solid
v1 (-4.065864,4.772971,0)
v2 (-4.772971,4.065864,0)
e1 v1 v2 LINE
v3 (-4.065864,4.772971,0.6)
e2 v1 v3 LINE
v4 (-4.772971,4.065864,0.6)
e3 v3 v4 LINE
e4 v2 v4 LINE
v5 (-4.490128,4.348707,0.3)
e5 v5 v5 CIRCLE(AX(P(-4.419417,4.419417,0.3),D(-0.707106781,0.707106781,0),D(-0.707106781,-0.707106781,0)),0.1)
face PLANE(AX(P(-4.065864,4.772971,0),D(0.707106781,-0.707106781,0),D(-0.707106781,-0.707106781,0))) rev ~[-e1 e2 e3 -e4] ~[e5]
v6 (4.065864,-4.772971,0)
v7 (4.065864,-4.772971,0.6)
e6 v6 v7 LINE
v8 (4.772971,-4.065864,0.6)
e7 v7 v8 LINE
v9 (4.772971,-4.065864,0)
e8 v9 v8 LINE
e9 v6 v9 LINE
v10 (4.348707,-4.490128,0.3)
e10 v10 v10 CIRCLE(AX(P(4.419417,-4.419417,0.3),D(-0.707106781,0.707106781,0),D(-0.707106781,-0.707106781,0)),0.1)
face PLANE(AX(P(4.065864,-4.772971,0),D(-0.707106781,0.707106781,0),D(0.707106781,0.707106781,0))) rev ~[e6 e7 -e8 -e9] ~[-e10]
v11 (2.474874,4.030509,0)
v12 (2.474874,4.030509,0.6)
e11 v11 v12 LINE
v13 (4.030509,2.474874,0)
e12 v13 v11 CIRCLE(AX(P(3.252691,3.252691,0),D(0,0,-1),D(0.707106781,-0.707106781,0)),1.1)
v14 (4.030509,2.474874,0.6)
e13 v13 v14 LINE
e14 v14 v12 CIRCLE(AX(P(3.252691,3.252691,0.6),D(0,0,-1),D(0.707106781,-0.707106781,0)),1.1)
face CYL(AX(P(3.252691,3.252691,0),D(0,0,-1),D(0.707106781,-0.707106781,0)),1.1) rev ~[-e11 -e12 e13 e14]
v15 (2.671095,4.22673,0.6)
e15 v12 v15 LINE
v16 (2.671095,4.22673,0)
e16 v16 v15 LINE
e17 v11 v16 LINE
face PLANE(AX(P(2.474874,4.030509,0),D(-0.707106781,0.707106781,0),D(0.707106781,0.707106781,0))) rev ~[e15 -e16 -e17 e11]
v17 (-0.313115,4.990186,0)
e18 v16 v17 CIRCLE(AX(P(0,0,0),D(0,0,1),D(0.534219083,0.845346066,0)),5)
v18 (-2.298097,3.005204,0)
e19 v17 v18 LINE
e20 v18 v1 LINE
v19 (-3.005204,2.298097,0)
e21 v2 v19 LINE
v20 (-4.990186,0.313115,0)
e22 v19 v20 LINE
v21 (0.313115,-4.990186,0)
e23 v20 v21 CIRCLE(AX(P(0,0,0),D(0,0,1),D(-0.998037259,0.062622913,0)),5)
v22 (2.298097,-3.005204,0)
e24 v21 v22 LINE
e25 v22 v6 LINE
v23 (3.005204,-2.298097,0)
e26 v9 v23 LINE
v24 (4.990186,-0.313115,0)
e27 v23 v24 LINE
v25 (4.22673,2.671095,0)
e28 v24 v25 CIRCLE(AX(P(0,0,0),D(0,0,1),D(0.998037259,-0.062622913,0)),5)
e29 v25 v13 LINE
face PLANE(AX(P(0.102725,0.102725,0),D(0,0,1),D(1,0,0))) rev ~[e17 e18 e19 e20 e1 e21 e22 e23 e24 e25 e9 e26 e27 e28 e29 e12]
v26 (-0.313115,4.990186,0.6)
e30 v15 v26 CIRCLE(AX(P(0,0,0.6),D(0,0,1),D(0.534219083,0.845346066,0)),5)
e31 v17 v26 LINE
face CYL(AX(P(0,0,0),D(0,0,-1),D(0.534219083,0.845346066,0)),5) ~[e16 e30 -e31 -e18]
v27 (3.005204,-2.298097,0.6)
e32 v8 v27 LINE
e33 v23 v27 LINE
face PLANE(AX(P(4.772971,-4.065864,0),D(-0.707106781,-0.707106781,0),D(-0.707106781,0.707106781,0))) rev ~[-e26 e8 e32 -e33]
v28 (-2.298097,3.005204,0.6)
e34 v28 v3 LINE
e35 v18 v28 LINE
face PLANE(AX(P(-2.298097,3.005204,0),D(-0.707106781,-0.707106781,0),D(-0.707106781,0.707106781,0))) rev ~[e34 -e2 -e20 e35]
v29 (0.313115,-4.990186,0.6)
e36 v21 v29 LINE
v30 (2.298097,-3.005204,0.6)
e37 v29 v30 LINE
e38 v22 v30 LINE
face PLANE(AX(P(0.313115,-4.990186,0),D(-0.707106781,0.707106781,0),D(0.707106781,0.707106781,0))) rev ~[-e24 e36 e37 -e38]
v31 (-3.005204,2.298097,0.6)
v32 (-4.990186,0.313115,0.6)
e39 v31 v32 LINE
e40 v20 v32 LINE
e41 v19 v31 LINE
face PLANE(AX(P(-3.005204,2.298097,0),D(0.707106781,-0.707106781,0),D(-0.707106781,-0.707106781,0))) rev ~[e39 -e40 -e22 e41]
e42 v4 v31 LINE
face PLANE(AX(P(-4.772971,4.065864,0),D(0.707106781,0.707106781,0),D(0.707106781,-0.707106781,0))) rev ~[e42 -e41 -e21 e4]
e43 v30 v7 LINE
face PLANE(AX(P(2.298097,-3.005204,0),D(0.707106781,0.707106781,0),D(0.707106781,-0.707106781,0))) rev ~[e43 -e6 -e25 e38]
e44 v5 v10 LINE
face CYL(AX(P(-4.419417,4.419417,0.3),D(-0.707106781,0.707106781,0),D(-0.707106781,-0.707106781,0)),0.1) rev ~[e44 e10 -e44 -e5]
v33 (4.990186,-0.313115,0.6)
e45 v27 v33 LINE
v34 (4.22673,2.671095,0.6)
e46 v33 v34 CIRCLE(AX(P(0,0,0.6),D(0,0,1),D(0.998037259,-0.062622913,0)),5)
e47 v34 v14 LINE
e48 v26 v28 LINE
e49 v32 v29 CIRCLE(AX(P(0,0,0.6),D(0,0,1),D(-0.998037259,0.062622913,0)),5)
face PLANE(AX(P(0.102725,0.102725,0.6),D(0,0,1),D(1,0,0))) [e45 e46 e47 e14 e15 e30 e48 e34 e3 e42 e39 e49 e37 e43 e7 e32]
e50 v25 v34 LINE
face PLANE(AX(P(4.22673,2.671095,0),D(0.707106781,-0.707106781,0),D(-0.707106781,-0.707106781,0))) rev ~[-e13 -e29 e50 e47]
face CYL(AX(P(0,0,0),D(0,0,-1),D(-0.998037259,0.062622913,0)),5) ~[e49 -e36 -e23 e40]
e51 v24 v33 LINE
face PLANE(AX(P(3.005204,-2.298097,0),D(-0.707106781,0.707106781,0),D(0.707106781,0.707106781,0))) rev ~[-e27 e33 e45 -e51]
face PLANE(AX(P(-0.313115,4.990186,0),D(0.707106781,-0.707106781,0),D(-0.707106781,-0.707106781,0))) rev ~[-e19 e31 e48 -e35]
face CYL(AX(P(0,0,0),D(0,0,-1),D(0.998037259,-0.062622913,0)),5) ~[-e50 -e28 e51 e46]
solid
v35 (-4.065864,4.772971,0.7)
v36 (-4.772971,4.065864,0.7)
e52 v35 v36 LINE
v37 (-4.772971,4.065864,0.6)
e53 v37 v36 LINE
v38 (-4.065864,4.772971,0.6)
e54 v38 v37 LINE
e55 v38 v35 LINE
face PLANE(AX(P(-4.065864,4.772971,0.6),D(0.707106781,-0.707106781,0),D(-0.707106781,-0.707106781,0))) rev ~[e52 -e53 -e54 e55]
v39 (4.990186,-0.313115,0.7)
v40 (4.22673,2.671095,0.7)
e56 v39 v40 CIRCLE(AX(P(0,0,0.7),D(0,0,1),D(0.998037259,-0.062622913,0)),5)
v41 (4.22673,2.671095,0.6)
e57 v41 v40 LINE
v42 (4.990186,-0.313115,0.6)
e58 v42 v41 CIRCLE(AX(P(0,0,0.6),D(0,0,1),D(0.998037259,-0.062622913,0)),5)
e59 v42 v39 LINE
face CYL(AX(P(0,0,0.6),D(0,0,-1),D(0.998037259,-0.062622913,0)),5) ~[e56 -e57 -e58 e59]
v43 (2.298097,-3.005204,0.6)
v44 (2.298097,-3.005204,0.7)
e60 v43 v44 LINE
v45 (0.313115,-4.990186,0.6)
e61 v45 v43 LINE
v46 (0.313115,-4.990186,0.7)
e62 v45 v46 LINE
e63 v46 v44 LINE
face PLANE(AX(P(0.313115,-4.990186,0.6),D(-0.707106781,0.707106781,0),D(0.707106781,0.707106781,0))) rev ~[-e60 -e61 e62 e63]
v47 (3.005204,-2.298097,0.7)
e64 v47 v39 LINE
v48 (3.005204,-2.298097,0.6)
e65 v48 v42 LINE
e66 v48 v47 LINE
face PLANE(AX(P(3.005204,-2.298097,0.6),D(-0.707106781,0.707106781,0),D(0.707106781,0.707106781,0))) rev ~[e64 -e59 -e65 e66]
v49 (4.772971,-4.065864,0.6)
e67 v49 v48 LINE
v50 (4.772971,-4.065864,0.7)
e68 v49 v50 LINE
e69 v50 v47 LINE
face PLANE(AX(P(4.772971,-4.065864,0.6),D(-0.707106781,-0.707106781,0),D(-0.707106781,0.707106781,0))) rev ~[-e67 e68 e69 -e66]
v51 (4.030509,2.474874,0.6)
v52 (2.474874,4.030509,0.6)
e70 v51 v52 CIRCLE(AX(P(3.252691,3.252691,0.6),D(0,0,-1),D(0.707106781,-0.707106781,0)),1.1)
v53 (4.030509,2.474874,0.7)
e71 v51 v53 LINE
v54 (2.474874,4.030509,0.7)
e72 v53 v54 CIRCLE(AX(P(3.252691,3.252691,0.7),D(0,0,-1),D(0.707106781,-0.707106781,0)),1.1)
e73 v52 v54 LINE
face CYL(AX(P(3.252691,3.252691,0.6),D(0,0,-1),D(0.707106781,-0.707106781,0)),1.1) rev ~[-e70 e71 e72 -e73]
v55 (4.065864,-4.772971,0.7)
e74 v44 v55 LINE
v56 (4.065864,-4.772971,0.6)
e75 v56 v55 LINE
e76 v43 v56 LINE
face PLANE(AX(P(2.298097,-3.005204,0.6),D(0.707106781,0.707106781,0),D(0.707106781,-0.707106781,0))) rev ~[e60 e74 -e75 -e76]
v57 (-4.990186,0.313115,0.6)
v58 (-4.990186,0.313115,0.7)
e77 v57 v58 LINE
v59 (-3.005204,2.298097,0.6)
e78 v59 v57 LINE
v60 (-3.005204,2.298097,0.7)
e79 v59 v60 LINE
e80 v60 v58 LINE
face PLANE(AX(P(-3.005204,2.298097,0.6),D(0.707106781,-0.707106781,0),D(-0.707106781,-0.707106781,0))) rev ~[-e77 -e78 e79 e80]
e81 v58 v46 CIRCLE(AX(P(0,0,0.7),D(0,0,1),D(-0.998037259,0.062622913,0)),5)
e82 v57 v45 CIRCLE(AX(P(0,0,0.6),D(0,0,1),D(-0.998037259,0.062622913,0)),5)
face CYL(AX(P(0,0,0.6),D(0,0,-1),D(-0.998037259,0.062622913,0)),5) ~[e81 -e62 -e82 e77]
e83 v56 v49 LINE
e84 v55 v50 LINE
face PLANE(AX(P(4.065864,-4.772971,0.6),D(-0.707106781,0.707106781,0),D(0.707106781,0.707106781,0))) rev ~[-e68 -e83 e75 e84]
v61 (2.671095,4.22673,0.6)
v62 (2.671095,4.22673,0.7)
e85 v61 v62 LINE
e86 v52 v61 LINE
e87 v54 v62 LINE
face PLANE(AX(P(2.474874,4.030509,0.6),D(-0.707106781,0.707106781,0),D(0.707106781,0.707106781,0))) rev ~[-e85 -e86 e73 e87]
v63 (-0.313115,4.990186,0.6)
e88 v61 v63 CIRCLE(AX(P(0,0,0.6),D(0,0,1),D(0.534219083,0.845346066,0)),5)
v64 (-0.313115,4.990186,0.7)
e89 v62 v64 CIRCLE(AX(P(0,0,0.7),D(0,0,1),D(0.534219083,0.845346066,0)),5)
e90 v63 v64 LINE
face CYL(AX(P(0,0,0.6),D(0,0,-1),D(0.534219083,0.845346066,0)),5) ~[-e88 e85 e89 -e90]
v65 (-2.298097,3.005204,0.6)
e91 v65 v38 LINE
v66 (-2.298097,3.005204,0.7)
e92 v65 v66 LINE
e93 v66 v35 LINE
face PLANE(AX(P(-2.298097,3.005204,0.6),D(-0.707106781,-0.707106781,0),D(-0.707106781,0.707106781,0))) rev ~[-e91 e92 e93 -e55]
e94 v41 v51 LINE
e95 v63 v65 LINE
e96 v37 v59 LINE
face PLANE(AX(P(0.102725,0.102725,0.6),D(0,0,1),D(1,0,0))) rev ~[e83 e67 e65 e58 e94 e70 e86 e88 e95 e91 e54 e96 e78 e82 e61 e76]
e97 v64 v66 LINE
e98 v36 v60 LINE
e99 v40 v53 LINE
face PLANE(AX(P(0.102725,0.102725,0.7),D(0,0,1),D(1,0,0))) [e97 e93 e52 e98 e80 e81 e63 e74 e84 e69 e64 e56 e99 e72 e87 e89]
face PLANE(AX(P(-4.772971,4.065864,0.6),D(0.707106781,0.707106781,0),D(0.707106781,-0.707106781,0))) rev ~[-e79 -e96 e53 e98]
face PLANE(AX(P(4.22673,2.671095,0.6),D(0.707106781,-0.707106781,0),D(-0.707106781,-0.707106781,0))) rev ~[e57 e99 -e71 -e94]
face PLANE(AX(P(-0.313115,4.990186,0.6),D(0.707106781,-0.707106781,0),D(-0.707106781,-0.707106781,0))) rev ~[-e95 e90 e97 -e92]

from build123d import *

# Parameters (mm, degrees)
F1_DEPTH = 0.6
F2_R     = 0.1
F3_DEPTH = 12.5
F5_DEPTH = 0.1


with BuildPart() as f1:
    # F0 (on Top) → F1 (new body)
    with BuildSketch(Plane.XY):
        with BuildLine():
            Line((-3.00520382, 2.2980970389), (-4.9901862962, 0.3131145627))
            ThreePointArc((-4.9901862962, 0.3131145627), (-3.5355339059, -3.5355339059), (0.3131145627, -4.9901862962))
            Line((0.3131145627, -4.9901862962), (2.2980970389, -3.00520382))
            Line((2.2980970389, -3.00520382), (4.0658639918, -4.772970773))
            Line((4.0658639918, -4.772970773), (4.772970773, -4.0658639918))
            Line((4.772970773, -4.0658639918), (3.00520382, -2.2980970389))
            Line((3.00520382, -2.2980970389), (4.9901862962, -0.3131145627))
            ThreePointArc((4.9901862962, -0.3131145627), (4.8439927049, 1.2392476245), (4.2267303315, 2.6710954129))
            Line((4.2267303315, 2.6710954129), (4.0305086528, 2.4748737342))
            ThreePointArc((4.0305086528, 2.4748737342), (2.4748737342, 2.4748737342), (2.4748737342, 4.0305086528))
            Line((2.4748737342, 4.0305086528), (2.6710954129, 4.2267303315))
            ThreePointArc((2.6710954129, 4.2267303315), (1.2392476245, 4.8439927049), (-0.3131145627, 4.9901862962))
            Line((-0.3131145627, 4.9901862962), (-2.2980970389, 3.00520382))
            Line((-2.2980970389, 3.00520382), (-4.0658639918, 4.772970773))
            Line((-4.0658639918, 4.772970773), (-4.772970773, 4.0658639918))
            Line((-4.772970773, 4.0658639918), (-3.00520382, 2.2980970389))
        make_face()
    extrude(amount=F1_DEPTH)

    # F2 (on face) → F3 (cut, through all)
    with BuildSketch(Plane(origin=(-4.4194173824, 4.4194173824, 0), x_dir=(-0.7071067812, -0.7071067812, 0), z_dir=(-0.7071067812, 0.7071067812, 0))):
        with Locations((0, 0.3)):
            Circle(F2_R)
    extrude(amount=-F3_DEPTH, mode=Mode.SUBTRACT)


with BuildPart() as f5:
    # F4 (on face) → F5 (new body)
    with BuildSketch(Plane.XY.offset(0.6)):
        with BuildLine():
            ThreePointArc((4.0305086528, 2.4748737342), (2.4748737342, 2.4748737342), (2.4748737342, 4.0305086528))
            Line((2.4748737342, 4.0305086528), (2.6710954129, 4.2267303315))
            ThreePointArc((2.6710954129, 4.2267303315), (1.2392476245, 4.8439927049), (-0.3131145627, 4.9901862962))
            Line((-0.3131145627, 4.9901862962), (-2.2980970389, 3.00520382))
            Line((-2.2980970389, 3.00520382), (-4.0658639918, 4.772970773))
            Line((-4.0658639918, 4.772970773), (-4.772970773, 4.0658639918))
            Line((-4.772970773, 4.0658639918), (-3.00520382, 2.2980970389))
            Line((-3.00520382, 2.2980970389), (-4.9901862962, 0.3131145627))
            ThreePointArc((-4.9901862962, 0.3131145627), (-3.5355339059, -3.5355339059), (0.3131145627, -4.9901862962))
            Line((0.3131145627, -4.9901862962), (2.2980970389, -3.00520382))
            Line((2.2980970389, -3.00520382), (4.0658639918, -4.772970773))
            Line((4.0658639918, -4.772970773), (4.772970773, -4.0658639918))
            Line((4.772970773, -4.0658639918), (3.00520382, -2.2980970389))
            Line((3.00520382, -2.2980970389), (4.9901862962, -0.3131145627))
            ThreePointArc((4.9901862962, -0.3131145627), (4.8439927049, 1.2392476245), (4.2267303315, 2.6710954129))
            Line((4.2267303315, 2.6710954129), (4.0305086528, 2.4748737342))
        make_face()
    extrude(amount=F5_DEPTH)


solid = Compound([f1.part, f5.part])
